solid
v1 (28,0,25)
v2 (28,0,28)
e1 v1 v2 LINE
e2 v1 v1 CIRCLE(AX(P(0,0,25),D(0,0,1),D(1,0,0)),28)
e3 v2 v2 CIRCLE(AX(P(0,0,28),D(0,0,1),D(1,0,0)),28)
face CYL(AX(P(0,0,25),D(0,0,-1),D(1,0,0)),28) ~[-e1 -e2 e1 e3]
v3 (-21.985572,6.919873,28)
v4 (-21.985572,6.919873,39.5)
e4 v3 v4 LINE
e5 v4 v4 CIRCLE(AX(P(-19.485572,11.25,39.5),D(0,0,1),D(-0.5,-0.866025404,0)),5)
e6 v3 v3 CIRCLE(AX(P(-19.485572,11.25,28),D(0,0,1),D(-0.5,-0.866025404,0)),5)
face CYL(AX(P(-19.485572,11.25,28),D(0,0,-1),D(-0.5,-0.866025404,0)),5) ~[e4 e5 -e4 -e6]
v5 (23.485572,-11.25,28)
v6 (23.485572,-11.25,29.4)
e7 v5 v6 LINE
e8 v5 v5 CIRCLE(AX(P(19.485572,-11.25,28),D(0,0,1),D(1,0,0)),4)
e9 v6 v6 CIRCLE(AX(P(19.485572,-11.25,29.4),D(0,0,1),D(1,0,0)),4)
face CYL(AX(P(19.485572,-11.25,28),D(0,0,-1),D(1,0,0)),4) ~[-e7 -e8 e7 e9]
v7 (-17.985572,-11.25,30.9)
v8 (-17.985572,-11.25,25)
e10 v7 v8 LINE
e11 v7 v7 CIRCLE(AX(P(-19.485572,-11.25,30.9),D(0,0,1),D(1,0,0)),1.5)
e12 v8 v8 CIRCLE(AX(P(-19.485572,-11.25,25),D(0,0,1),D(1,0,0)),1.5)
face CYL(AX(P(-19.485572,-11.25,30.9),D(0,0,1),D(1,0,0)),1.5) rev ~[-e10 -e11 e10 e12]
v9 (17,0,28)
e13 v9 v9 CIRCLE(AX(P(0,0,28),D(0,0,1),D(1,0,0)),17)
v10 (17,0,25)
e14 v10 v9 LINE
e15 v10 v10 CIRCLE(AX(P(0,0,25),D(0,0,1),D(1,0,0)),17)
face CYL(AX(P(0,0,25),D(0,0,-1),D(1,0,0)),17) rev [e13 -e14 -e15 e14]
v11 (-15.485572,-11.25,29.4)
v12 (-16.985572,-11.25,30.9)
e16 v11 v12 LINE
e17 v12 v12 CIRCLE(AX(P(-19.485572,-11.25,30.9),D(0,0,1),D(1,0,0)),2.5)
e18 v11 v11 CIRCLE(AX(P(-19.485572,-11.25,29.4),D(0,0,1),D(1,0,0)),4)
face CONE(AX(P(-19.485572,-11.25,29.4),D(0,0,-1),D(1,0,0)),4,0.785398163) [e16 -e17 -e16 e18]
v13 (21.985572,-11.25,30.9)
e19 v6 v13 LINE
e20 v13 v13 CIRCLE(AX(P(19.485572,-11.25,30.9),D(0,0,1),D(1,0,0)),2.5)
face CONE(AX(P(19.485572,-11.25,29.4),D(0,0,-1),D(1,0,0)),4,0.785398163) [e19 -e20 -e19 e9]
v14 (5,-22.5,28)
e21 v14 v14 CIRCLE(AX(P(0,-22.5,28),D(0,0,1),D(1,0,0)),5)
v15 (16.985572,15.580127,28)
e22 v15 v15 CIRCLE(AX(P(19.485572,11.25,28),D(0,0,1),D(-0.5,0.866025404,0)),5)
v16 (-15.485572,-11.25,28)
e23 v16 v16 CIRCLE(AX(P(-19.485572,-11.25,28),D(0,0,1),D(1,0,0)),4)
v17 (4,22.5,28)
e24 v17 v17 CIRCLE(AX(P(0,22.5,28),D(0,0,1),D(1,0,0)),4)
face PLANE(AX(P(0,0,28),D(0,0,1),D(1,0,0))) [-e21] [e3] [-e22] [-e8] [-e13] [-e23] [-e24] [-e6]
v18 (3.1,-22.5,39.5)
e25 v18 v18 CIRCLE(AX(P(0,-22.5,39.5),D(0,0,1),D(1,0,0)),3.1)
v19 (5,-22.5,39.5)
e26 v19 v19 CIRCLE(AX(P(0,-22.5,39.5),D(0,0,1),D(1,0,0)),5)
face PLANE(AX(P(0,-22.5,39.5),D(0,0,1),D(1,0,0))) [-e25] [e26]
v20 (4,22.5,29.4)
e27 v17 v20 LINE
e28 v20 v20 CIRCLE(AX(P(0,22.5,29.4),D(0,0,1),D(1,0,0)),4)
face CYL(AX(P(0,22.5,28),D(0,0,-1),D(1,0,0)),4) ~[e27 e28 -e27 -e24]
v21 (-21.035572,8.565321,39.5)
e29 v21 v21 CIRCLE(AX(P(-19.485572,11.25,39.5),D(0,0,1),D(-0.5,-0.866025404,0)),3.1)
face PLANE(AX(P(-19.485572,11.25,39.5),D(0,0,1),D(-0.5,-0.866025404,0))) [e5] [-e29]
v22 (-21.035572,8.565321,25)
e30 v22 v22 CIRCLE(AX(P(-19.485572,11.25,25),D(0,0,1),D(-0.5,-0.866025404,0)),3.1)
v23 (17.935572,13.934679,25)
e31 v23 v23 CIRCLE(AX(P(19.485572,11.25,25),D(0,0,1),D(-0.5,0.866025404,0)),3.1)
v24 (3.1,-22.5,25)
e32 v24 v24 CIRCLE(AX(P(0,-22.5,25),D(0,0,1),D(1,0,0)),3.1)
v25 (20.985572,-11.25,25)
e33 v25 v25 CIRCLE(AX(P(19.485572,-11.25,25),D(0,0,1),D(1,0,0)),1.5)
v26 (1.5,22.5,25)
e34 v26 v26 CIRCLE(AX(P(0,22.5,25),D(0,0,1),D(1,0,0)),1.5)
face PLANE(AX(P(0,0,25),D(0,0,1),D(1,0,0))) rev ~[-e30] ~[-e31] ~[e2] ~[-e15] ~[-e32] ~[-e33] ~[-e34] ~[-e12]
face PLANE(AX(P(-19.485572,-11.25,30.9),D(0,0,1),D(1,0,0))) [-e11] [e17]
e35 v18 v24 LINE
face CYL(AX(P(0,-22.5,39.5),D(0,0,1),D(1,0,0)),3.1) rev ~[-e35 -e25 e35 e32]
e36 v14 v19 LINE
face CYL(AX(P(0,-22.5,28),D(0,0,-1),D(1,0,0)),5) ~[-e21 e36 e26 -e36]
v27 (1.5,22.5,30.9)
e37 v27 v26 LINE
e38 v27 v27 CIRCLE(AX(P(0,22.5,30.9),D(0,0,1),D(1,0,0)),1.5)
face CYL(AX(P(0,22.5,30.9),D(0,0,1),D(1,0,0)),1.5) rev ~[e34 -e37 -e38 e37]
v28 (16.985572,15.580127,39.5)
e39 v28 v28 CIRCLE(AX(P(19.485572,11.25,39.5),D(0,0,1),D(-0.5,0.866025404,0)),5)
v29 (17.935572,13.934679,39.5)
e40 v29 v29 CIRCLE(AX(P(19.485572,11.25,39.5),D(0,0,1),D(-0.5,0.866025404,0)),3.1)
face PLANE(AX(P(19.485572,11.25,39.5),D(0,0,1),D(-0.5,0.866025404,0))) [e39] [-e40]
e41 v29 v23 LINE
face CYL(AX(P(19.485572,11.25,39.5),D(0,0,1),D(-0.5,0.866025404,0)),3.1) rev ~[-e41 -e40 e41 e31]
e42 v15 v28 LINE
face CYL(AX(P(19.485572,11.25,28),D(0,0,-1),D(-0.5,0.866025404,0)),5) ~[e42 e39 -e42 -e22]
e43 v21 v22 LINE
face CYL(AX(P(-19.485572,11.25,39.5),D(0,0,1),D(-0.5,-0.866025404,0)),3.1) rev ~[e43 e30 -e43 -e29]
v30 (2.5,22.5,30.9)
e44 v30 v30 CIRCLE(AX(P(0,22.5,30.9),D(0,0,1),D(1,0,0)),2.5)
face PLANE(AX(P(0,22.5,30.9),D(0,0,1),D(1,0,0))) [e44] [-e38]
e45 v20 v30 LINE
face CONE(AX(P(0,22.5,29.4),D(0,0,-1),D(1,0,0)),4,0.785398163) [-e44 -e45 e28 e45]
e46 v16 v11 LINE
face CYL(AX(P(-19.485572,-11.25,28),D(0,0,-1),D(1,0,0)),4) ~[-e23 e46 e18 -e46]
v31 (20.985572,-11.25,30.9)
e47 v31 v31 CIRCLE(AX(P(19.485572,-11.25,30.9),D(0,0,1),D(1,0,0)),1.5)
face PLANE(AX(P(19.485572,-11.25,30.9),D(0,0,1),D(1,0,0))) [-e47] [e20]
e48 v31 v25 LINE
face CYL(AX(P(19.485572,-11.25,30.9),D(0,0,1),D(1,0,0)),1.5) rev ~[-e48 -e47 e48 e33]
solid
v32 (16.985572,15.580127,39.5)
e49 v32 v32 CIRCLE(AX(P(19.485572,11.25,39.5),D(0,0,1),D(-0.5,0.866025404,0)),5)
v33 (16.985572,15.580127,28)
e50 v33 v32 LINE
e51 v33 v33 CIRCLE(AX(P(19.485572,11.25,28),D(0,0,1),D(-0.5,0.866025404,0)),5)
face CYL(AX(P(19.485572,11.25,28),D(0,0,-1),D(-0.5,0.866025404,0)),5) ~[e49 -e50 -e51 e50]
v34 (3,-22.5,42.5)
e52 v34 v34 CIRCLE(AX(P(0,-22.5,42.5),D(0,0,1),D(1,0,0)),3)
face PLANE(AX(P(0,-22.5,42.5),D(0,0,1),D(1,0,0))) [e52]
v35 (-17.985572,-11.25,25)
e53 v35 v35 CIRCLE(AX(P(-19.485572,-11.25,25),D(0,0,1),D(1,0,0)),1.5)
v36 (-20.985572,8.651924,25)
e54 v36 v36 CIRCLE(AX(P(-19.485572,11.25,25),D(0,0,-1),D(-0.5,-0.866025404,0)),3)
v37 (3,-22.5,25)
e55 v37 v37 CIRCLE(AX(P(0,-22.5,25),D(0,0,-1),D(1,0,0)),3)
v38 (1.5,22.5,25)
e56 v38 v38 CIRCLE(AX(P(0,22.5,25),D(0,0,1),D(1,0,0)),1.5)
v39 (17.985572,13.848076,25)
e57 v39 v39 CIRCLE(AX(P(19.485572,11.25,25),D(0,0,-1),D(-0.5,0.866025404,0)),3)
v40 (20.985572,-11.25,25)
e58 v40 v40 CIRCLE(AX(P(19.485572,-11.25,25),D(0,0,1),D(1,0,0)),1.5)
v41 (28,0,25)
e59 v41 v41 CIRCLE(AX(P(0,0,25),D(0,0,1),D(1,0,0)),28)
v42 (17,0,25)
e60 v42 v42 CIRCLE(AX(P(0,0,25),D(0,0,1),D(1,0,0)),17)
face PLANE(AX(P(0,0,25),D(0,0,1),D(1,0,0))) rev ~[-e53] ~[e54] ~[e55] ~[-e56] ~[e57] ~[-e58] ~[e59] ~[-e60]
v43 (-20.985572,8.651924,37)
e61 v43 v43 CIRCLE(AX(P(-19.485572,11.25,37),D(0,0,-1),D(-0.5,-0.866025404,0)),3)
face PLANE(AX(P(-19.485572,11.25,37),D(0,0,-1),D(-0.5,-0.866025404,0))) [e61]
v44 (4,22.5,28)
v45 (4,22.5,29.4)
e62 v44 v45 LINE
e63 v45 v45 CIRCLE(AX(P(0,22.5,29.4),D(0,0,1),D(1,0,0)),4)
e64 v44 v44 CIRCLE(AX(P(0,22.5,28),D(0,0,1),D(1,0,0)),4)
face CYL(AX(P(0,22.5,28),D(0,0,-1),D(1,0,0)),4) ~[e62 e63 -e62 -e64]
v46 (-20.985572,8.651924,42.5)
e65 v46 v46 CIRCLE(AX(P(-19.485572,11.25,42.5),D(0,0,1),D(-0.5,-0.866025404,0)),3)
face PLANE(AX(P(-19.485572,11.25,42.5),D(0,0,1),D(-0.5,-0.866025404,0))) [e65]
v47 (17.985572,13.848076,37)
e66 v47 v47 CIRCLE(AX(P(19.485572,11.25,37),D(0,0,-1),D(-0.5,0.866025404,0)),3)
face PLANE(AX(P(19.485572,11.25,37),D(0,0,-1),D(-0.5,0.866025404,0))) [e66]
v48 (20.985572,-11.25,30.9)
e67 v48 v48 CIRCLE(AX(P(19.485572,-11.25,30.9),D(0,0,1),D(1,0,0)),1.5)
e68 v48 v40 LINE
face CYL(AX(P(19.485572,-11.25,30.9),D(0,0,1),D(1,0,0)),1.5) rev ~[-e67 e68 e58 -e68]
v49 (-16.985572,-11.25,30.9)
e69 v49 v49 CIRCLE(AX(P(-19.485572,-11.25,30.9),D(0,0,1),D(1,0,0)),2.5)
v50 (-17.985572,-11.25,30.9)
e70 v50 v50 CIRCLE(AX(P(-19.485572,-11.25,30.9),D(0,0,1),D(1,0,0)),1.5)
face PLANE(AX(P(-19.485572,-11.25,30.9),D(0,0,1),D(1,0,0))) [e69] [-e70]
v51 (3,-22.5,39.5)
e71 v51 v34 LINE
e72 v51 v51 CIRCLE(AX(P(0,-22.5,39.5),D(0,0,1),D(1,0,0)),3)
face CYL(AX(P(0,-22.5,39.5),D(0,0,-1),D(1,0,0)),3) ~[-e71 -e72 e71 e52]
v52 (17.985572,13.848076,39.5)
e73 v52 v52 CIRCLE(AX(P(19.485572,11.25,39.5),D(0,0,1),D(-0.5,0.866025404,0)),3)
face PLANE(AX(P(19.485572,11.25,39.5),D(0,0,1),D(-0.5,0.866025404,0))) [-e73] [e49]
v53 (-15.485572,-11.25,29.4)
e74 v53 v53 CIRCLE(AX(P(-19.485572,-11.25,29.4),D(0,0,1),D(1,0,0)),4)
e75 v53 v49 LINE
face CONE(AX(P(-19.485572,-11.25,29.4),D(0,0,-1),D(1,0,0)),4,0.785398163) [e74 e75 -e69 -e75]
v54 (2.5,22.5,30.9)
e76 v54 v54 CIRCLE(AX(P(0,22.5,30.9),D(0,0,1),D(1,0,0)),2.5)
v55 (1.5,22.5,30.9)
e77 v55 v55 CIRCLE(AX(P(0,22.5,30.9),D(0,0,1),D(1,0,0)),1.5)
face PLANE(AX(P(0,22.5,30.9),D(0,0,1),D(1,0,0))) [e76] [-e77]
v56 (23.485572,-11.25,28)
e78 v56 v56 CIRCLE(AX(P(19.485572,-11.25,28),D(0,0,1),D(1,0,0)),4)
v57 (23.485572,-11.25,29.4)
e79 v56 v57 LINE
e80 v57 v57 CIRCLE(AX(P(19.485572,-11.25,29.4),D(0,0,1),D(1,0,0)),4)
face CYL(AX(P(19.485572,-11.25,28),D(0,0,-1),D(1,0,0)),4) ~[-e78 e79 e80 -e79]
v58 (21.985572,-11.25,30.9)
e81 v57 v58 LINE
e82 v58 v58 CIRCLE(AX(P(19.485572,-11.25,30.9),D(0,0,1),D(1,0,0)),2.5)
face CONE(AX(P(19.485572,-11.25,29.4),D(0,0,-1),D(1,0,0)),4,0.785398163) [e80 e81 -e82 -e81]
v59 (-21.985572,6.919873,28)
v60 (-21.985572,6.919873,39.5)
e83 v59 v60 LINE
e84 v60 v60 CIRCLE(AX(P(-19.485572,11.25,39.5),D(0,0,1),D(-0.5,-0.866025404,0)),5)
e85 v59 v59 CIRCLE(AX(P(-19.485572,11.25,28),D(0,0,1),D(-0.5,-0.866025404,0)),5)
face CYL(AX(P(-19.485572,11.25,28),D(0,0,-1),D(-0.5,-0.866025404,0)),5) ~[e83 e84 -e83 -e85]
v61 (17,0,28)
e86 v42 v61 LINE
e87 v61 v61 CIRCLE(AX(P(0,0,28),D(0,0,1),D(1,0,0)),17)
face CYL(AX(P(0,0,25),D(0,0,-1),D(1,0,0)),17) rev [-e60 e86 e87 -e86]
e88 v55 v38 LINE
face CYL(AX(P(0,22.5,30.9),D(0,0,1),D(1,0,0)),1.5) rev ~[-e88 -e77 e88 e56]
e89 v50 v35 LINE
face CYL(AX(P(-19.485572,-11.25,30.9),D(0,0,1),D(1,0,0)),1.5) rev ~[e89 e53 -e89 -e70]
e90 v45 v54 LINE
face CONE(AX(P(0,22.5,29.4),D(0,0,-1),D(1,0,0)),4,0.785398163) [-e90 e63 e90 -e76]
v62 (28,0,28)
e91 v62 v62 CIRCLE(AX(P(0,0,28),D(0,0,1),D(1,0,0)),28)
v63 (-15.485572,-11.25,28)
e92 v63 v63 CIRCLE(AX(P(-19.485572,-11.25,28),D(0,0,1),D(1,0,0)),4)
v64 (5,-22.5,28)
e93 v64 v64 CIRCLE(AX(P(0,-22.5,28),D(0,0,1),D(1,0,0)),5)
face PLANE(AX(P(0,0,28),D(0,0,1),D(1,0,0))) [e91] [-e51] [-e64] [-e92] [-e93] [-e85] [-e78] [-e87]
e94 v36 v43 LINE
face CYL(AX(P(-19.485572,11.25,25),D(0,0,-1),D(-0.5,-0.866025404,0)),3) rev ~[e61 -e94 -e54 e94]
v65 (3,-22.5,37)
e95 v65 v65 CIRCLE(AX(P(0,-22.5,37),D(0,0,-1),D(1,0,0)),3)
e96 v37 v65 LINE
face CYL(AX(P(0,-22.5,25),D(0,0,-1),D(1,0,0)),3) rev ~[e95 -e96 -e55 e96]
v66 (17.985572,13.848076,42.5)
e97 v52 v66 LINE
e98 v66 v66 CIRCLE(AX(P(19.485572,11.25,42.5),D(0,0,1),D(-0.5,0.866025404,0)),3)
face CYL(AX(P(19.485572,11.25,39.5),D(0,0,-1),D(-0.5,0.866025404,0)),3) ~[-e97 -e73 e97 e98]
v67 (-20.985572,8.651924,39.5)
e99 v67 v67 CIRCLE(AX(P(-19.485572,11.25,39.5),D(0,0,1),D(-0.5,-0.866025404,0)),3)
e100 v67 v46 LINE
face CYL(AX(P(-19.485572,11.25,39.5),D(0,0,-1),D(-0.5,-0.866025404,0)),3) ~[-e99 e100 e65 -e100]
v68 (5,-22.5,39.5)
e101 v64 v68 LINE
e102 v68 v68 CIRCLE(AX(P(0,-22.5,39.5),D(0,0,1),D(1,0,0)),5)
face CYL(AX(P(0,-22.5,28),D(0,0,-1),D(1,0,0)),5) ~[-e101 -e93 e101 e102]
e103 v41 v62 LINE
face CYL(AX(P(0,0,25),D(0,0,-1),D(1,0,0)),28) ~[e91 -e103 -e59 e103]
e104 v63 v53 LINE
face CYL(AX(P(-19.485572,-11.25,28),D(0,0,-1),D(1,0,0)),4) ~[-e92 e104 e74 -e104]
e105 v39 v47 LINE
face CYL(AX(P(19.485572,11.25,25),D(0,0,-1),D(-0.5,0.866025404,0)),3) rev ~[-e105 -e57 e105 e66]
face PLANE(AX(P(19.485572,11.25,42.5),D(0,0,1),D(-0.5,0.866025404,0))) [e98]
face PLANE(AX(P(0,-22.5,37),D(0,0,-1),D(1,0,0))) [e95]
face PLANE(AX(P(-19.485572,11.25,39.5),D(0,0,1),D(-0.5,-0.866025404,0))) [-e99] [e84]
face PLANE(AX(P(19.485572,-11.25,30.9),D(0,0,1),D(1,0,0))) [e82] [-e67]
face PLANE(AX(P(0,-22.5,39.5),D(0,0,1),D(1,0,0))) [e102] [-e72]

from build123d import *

# Parameters (mm, degrees)
SKETCH_R              = 28
SKETCH_R_2            = 17
PAD_DEPTH             = 3
SKETCH001_R           = 4
PAD001_DEPTH          = 2.9
SKETCH003_R           = 1.5
POCKET001_DEPTH       = 5.901
SKETCH005_R           = 5
PAD002_DEPTH          = 11.5
POLARPATTERN_COUNT    = 3
SKETCH006_R           = 3
PAD003_DEPTH          = 3
POLARPATTERN001_COUNT = 3
SKETCH008_R           = 3
POCKET002_DEPTH       = 12
POLARPATTERN003_COUNT = 3
CHAMFER_SIZE          = 1.5
CHAMFER001_SIZE       = 1.5
CHAMFER002_SIZE       = 1.5
SKETCH007_R           = 3.1
POCKET_DEPTH          = 175.525843
POLARPATTERN002_COUNT = 3
CHAMFER003_SIZE       = 1.5
CHAMFER004_SIZE       = 1.5
CHAMFER005_SIZE       = 1.5


with BuildPart() as polarpattern:
    # Sketch → Pad (new body)
    with BuildSketch(Plane.XY.offset(25)):
        Circle(SKETCH_R)
        Circle(SKETCH_R_2, mode=Mode.SUBTRACT)
    extrude(amount=PAD_DEPTH)

    # Sketch001 → Pad001 (new body)
    with BuildSketch(Plane.XY.offset(28)):
        with Locations((0, 22.5)):
            Circle(SKETCH001_R)
        with Locations((-19.485572, -11.25)):
            Circle(SKETCH001_R)
        with Locations((19.485572, -11.25)):
            Circle(SKETCH001_R)
    extrude(amount=PAD001_DEPTH)

    # Sketch003 → Pocket001 (cut, through all)
    with BuildSketch(Plane.XY.offset(30.9)):
        with Locations((0, 22.5)):
            Circle(SKETCH003_R)
        with Locations((-19.485572, -11.25)):
            Circle(SKETCH003_R)
        with Locations((19.485572, -11.25)):
            Circle(SKETCH003_R)
    extrude(amount=-POCKET001_DEPTH, mode=Mode.SUBTRACT)

    # Sketch005 → Pad002 (new body)
    with BuildSketch(Plane.XY.offset(28)):
        with Locations((0, -22.5)):
            Circle(SKETCH005_R)
    pad002 = extrude(amount=PAD002_DEPTH)

    # PolarPattern: Pad002 ×3 about axis
    polarpattern_axis = Axis((0, 0, 28), (0, 0, 1))
    for i in range(1, POLARPATTERN_COUNT):
        add(pad002.rotate(polarpattern_axis, i * 360 / POLARPATTERN_COUNT))


with BuildPart() as reallyfinalb:
    # Pad003 base: copy of PolarPattern
    add(polarpattern.part)

    # Sketch006 → Pad003 (new body)
    with BuildSketch(Plane.XY.offset(39.5)):
        with Locations((0, -22.5)):
            Circle(SKETCH006_R)
    pad003 = extrude(amount=PAD003_DEPTH)

    # PolarPattern001: Pad003 ×3 about axis
    polarpattern001_axis = Axis((0, 0, 39.5), (0, 0, 1))
    for i in range(1, POLARPATTERN001_COUNT):
        add(pad003.rotate(polarpattern001_axis, i * 360 / POLARPATTERN001_COUNT))

    # Sketch008 → Pocket002 (cut)
    with BuildSketch(Plane(origin=(0, 0, 25), x_dir=(1, 0, 0), z_dir=(0, 0, -1))):
        with Locations((0, 22.5)):
            Circle(SKETCH008_R)
    pocket002 = extrude(amount=-POCKET002_DEPTH, mode=Mode.SUBTRACT)

    # PolarPattern003: Pocket002 ×3 about axis
    polarpattern003_axis = Axis((0, 0, 25), (0, 0, -1))
    for i in range(1, POLARPATTERN003_COUNT):
        add(pocket002.rotate(polarpattern003_axis, i * 360 / POLARPATTERN003_COUNT), mode=Mode.SUBTRACT)

    # Chamfer
    chamfer_edges = [reallyfinalb.edges().sort_by_distance(p)[0] for p in [
        (15.485572, -11.25, 30.9),
    ]]
    chamfer(chamfer_edges, length=CHAMFER_SIZE)

    # Chamfer001
    chamfer001_edges = [reallyfinalb.edges().sort_by_distance(p)[0] for p in [
        (-23.485572, -11.25, 30.9),
    ]]
    chamfer(chamfer001_edges, length=CHAMFER001_SIZE)

    # Chamfer002
    chamfer002_edges = [reallyfinalb.edges().sort_by_distance(p)[0] for p in [
        (-4, 22.5, 30.9),
    ]]
    chamfer(chamfer002_edges, length=CHAMFER002_SIZE)


with BuildPart() as reallyfinala:
    # Pocket base: copy of PolarPattern
    add(polarpattern.part)

    # Sketch007 → Pocket (cut, through all)
    with BuildSketch(Plane.XY.offset(39.5)):
        with Locations((0, -22.5)):
            Circle(SKETCH007_R)
    pocket = extrude(amount=-POCKET_DEPTH, mode=Mode.SUBTRACT)

    # PolarPattern002: Pocket ×3 about axis
    polarpattern002_axis = Axis((0, 0, 39.5), (0, 0, 1))
    for i in range(1, POLARPATTERN002_COUNT):
        add(pocket.rotate(polarpattern002_axis, i * 360 / POLARPATTERN002_COUNT), mode=Mode.SUBTRACT)

    # Chamfer003
    chamfer003_edges = [reallyfinala.edges().sort_by_distance(p)[0] for p in [
        (-23.485572, -11.25, 30.9),
    ]]
    chamfer(chamfer003_edges, length=CHAMFER003_SIZE)

    # Chamfer004
    chamfer004_edges = [reallyfinala.edges().sort_by_distance(p)[0] for p in [
        (-4, 22.5, 30.9),
    ]]
    chamfer(chamfer004_edges, length=CHAMFER004_SIZE)

    # Chamfer005
    chamfer005_edges = [reallyfinala.edges().sort_by_distance(p)[0] for p in [
        (15.485572, -11.25, 30.9),
    ]]
    chamfer(chamfer005_edges, length=CHAMFER005_SIZE)


solid = Compound([reallyfinalb.part, reallyfinala.part])
